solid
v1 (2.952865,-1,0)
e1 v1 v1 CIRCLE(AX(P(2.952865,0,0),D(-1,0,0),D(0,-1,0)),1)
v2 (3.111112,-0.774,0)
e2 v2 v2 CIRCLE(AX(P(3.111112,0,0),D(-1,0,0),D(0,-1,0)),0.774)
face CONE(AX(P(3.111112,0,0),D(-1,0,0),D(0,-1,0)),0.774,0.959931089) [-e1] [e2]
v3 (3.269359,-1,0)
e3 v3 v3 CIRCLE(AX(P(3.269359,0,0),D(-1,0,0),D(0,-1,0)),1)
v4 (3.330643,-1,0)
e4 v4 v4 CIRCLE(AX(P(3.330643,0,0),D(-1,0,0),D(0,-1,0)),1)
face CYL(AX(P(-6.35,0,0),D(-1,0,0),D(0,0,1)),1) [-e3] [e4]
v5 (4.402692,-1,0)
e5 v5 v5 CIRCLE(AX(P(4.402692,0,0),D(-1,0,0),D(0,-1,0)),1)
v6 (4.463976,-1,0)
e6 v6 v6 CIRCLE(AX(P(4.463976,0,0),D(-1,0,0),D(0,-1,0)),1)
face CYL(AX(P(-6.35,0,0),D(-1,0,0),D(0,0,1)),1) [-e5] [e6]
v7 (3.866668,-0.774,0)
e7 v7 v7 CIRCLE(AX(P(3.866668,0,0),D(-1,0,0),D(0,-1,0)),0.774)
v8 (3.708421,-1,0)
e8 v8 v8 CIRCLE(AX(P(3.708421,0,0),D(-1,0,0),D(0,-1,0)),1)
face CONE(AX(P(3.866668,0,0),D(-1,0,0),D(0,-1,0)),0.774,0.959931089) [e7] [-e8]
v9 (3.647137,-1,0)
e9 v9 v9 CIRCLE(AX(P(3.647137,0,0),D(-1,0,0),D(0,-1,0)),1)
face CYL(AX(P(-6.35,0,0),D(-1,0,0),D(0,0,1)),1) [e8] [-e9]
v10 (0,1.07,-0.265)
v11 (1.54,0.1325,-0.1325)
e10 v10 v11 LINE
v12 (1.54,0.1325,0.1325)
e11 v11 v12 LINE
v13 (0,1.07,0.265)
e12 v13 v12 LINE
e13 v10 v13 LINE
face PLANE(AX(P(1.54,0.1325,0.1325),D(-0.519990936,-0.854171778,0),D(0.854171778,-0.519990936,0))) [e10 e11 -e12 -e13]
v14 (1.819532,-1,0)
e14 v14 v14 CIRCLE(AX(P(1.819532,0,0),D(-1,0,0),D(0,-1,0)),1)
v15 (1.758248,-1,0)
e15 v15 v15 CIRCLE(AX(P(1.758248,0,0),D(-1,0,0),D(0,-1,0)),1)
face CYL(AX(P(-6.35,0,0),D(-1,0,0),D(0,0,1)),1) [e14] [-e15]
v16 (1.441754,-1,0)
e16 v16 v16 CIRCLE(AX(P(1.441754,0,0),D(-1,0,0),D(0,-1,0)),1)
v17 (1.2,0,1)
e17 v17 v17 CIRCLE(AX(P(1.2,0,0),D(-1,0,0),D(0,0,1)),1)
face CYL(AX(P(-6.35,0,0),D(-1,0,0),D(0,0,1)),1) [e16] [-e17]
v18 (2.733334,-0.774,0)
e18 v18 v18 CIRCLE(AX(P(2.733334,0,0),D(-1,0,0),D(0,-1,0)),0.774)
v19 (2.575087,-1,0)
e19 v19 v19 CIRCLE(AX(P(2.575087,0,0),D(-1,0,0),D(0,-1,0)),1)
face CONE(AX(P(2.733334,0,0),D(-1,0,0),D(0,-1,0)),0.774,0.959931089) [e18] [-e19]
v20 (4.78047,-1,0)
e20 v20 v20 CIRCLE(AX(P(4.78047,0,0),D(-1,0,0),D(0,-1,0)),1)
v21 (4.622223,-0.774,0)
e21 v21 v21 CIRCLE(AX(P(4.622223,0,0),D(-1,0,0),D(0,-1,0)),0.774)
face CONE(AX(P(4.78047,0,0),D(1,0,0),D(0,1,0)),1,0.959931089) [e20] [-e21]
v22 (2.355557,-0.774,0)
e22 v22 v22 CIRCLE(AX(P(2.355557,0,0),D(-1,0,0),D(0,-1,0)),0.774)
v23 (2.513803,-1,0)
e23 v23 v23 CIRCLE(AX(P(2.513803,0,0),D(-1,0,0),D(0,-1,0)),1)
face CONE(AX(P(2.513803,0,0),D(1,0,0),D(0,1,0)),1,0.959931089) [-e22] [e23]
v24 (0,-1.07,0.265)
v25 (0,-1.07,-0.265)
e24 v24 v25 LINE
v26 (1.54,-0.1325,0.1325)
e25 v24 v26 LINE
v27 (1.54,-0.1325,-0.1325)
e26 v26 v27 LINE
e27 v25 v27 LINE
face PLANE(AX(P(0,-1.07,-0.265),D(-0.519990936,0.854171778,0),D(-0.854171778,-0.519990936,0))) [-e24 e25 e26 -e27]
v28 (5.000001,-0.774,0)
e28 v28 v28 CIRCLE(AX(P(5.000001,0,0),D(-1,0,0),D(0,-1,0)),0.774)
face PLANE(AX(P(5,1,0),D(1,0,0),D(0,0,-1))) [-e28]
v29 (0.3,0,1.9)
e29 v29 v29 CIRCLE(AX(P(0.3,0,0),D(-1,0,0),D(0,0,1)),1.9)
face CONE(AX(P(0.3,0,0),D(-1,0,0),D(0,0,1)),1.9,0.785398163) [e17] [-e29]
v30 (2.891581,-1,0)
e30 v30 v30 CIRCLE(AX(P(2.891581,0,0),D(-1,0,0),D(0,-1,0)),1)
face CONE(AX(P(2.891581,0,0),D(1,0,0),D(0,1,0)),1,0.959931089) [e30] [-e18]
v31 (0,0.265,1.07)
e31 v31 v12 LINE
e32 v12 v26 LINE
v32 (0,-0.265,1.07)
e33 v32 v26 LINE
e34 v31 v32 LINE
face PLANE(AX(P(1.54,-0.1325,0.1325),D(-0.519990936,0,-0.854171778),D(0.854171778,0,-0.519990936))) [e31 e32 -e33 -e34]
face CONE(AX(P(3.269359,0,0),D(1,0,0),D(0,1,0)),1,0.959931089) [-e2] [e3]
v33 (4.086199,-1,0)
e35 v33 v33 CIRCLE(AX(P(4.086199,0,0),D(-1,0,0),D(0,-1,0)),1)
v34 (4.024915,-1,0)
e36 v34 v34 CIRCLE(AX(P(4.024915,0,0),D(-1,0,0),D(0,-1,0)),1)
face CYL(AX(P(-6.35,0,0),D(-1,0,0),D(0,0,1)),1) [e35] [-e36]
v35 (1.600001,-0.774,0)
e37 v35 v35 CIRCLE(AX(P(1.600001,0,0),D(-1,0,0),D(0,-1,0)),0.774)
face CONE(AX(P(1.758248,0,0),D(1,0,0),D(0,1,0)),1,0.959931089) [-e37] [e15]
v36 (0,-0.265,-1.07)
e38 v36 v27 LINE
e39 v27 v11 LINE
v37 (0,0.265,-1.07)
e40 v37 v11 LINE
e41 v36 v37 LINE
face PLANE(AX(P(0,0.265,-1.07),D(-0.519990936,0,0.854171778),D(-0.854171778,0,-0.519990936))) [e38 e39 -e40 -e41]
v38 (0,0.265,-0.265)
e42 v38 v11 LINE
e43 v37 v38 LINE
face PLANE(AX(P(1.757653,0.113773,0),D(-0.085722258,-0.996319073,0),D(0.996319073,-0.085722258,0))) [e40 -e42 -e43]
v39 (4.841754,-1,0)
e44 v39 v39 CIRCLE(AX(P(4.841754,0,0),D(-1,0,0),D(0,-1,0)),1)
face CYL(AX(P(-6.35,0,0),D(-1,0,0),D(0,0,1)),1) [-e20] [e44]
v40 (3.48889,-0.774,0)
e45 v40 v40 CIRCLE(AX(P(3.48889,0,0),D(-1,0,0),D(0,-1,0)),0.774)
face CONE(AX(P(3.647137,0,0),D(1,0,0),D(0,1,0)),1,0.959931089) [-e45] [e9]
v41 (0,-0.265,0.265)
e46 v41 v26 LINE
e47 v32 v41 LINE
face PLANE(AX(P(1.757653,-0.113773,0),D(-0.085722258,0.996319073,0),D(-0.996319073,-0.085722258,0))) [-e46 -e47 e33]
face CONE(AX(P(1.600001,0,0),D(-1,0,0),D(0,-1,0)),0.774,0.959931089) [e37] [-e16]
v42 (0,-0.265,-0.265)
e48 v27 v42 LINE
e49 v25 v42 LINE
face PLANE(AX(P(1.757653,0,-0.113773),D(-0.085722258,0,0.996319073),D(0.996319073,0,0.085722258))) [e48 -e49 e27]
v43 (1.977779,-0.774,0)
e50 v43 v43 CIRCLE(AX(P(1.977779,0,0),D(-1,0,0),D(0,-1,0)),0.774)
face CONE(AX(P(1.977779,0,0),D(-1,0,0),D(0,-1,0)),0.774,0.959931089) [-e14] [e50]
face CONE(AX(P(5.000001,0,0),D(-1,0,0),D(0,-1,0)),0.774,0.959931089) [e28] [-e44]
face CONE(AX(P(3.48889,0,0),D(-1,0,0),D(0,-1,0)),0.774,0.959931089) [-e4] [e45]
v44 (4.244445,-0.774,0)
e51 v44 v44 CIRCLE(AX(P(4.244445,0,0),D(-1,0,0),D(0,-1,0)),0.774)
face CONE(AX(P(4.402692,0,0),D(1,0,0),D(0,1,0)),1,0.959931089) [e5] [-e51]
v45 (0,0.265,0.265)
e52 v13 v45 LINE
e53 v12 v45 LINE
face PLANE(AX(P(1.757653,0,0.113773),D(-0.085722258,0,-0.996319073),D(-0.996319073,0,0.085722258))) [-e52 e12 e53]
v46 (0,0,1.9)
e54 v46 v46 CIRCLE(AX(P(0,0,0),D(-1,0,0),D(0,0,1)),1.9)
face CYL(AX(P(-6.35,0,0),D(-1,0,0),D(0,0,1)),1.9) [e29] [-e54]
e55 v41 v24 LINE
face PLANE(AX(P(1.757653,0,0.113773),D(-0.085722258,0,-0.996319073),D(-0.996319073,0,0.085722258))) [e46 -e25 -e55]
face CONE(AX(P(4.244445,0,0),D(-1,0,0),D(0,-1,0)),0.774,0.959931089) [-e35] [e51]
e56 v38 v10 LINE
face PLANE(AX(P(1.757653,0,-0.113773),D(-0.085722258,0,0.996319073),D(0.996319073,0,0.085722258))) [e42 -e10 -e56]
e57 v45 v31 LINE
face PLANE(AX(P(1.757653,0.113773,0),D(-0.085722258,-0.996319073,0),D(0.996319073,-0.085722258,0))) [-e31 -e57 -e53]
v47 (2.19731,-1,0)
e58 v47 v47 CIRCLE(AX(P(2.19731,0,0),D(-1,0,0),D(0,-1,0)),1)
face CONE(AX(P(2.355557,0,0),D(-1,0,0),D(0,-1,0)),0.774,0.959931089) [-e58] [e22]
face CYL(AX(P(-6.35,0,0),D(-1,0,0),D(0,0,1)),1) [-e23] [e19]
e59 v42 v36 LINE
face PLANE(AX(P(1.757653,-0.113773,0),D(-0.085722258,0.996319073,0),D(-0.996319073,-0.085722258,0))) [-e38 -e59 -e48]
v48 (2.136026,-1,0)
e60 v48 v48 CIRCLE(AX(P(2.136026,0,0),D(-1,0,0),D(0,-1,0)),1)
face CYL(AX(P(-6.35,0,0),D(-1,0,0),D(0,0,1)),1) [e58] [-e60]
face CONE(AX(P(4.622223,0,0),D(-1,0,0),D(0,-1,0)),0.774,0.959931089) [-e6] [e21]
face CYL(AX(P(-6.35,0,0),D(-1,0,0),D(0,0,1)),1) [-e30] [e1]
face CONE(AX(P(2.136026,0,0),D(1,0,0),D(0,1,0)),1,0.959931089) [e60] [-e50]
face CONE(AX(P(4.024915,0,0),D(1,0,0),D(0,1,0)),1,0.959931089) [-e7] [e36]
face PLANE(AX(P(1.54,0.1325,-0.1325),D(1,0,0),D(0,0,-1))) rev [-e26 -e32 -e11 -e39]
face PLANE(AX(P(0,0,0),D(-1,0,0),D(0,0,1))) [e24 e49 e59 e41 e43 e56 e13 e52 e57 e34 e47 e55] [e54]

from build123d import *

# Parameters (mm, degrees)
SKETCH3_W         = 0.53
SKETCH3_H         = 2.14
SKETCH4_W         = 0.265
SKETCH4_H         = 0.265
CIRPATTERN1_COUNT = 2
CIRPATTERN1_ANGLE = 90
THDSCHPAT_COUNT   = 10
THDSCHPAT_PITCH   = 0.377777778


with BuildPart() as part:
    # BodySke → Base-Revolve (revolve)
    with BuildSketch(Plane.XY):
        Polygon((0, 0), (0, 1.9), (0.3, 1.9), (1.2, 1), (5, 1), (5, 0), align=None)
    revolve(axis=Axis((-6.35, 0, 0), (1, 0, 0)))

    # Sketch3 → Cross section 0
    with BuildSketch(Plane.ZY):
        Rectangle(SKETCH3_W, SKETCH3_H)
    # Sketch4 → Cross section 1
    with BuildSketch(Plane.ZY.offset(-1.54)):
        Rectangle(SKETCH4_W, SKETCH4_H)
    cross = loft(mode=Mode.SUBTRACT)

    # CirPattern1: Cross ×2 about axis
    cirpattern1_axis = Axis((0, 0, 0), (1, 0, 0))
    for i in range(1, CIRPATTERN1_COUNT):
        add(cross.rotate(cirpattern1_axis, i * CIRPATTERN1_ANGLE / (CIRPATTERN1_COUNT - 1)), mode=Mode.SUBTRACT)

    # ThdSchSke → ThreadSchematic (revolve, cut)
    with BuildSketch(Plane.XY):
        Polygon((1.600001, -0.774), (1.441754096, -1), (1.441754096, -1.25), (1.758247904, -1.25), (1.758247904, -1), align=None)
    threadschematic = revolve(axis=Axis((-3.175, 0, 0), (1, 0, 0)), mode=Mode.SUBTRACT)

    # ThdSchPat: ThreadSchematic ×10
    with Locations(*[(i * THDSCHPAT_PITCH, 0, 0) for i in range(1, THDSCHPAT_COUNT)]):
        add(threadschematic, mode=Mode.SUBTRACT)


solid = part.part
